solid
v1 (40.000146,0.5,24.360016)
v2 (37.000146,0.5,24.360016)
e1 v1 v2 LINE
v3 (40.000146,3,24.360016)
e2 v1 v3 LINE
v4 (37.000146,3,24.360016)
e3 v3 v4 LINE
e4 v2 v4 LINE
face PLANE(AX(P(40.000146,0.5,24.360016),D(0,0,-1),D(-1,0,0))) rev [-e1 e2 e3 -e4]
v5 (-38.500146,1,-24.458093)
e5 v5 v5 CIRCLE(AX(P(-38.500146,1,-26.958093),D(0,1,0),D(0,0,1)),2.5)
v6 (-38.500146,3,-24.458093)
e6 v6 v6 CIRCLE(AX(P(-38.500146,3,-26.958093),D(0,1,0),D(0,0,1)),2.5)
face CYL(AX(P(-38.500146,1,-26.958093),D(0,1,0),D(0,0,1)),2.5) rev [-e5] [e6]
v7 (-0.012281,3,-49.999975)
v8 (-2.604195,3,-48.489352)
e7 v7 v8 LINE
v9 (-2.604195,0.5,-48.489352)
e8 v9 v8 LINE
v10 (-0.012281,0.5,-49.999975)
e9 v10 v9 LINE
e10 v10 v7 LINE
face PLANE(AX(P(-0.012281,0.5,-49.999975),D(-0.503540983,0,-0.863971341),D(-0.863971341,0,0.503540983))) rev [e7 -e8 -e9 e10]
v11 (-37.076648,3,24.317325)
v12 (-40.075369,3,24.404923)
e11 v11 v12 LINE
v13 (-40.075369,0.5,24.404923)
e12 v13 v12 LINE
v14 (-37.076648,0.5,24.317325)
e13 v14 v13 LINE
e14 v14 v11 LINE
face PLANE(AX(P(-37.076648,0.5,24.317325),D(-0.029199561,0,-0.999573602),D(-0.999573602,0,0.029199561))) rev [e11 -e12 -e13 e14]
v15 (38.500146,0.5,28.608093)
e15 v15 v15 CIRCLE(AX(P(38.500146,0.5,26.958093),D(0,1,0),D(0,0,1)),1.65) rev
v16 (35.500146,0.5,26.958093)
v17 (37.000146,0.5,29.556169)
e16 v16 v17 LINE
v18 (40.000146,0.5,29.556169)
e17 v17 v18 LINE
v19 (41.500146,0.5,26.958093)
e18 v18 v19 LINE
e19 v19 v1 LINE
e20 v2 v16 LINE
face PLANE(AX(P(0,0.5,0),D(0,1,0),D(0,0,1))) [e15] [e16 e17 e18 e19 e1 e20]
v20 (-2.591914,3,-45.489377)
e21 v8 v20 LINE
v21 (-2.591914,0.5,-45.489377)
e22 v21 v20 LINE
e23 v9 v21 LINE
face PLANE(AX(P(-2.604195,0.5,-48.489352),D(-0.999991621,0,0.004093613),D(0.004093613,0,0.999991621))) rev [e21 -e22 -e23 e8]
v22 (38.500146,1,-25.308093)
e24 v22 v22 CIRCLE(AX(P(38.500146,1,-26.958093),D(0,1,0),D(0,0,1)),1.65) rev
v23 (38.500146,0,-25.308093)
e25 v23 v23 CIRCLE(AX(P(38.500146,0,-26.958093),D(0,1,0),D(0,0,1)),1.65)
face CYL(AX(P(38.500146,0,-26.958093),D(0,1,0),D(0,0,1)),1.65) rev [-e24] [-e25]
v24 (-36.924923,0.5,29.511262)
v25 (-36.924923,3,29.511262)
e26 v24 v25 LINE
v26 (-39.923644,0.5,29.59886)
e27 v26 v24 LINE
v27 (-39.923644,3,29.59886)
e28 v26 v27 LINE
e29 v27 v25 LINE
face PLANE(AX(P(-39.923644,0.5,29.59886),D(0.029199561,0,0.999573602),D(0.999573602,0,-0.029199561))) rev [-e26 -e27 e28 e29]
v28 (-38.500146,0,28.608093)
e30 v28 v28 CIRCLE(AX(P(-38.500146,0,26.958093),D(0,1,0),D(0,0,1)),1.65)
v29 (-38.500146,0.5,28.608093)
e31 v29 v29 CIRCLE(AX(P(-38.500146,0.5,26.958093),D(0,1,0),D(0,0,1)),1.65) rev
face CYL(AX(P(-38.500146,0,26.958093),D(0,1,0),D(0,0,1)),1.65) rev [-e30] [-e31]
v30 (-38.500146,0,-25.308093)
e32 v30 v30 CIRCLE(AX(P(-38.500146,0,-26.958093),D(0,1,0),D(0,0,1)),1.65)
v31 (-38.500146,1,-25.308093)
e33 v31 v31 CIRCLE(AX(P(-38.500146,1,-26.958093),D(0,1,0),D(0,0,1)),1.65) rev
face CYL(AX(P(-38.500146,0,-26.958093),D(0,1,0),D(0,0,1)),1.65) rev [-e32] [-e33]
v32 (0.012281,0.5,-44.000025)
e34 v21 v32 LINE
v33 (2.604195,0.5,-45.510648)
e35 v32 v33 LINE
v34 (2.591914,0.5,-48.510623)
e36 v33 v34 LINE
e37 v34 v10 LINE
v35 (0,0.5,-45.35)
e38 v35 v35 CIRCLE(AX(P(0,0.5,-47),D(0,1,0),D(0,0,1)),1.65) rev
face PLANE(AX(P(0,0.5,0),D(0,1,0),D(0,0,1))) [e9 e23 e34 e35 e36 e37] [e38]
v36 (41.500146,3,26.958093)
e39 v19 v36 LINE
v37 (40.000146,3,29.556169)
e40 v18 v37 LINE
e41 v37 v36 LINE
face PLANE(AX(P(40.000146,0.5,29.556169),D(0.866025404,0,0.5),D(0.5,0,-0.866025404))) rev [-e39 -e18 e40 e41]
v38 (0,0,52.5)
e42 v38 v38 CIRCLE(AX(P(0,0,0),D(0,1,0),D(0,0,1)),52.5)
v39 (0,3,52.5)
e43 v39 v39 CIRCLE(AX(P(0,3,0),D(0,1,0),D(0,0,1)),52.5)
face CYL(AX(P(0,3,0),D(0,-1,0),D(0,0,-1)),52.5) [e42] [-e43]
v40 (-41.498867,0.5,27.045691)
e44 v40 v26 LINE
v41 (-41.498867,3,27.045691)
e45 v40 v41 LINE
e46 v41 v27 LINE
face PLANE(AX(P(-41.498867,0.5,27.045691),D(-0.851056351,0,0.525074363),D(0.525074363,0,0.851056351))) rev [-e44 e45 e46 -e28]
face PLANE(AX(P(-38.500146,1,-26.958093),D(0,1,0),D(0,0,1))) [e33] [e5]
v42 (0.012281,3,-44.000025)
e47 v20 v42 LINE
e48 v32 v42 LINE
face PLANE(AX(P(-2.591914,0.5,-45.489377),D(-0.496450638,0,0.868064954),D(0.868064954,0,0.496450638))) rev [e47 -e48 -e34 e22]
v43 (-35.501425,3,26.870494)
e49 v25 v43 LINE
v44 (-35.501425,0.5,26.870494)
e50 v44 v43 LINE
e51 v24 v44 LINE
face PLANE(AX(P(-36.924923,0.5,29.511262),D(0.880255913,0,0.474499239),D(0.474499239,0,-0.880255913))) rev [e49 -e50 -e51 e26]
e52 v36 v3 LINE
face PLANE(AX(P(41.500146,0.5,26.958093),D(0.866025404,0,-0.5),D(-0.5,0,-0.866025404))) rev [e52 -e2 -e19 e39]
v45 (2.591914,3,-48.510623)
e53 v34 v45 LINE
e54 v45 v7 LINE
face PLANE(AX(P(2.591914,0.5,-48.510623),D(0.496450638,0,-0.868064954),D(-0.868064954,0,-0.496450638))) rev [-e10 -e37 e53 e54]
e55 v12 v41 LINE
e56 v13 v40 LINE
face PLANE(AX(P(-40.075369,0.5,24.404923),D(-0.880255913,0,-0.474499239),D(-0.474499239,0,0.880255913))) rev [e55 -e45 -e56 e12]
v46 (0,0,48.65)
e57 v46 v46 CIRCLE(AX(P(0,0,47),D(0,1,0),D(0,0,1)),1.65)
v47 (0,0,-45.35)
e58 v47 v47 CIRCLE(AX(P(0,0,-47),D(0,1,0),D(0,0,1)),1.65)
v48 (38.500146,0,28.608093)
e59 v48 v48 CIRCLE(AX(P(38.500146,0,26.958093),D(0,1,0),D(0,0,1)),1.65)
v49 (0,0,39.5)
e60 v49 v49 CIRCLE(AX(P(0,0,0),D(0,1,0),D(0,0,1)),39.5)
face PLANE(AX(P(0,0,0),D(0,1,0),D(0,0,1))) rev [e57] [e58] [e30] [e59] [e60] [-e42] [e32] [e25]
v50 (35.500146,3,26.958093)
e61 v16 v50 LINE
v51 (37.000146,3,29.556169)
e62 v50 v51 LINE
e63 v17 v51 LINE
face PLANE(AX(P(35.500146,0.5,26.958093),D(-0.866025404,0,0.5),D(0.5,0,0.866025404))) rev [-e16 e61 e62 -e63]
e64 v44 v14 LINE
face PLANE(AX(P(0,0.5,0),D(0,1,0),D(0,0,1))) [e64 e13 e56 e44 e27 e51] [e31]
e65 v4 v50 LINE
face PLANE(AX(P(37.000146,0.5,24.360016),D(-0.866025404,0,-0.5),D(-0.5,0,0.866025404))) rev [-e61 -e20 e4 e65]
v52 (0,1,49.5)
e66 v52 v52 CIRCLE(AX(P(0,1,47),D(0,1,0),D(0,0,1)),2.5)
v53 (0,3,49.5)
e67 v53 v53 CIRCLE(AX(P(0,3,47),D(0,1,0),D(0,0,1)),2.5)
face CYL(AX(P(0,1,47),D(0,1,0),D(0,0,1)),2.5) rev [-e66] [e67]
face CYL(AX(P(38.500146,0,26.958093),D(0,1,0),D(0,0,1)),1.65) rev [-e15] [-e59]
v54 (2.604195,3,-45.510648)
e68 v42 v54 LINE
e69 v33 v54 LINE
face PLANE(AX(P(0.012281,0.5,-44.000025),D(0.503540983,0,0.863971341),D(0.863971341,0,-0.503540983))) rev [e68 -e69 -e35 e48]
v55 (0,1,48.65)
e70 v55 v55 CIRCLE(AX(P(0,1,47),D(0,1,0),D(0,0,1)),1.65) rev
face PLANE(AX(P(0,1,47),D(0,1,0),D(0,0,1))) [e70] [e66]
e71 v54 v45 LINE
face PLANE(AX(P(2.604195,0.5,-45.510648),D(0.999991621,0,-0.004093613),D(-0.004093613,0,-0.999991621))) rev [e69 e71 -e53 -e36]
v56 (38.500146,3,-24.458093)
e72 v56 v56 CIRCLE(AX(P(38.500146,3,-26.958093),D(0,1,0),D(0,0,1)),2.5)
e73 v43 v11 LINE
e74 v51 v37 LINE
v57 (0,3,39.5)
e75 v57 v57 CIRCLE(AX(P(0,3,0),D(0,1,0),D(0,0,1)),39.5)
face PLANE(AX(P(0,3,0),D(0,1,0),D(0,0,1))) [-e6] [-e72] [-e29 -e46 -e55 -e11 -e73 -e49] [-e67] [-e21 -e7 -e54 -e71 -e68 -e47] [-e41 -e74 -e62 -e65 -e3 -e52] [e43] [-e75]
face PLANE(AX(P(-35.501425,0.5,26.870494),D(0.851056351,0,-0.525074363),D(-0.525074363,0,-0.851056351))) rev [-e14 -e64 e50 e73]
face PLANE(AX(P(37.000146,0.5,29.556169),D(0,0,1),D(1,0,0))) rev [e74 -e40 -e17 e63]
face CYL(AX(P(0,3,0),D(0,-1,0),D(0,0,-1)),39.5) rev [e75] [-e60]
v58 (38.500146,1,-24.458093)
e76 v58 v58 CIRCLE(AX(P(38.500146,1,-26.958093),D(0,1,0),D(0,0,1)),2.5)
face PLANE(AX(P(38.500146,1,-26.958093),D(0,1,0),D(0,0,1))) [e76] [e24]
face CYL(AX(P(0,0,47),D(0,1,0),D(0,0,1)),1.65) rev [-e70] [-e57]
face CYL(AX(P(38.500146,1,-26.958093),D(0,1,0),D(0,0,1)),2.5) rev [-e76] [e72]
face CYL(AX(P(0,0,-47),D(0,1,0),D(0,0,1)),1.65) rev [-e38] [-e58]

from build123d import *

# Parameters (mm, degrees)
SKETCH1_R           = 52.5
SKETCH1_R_2         = 39.5
BOSS_EXTRUDE1_DEPTH = 3
SKETCH2_R           = 1.65
CUT_EXTRUDE1_DEPTH  = 75.306796459
SKETCH3_R           = 2.5
CUT_EXTRUDE2_DEPTH  = 2
CUT_EXTRUDE3_DEPTH  = 2.5


with BuildPart() as part:
    # Sketch1 → Boss-Extrude1 (new body)
    with BuildSketch(Plane(origin=(0, 0, 0), x_dir=(1, 0, 0), z_dir=(0, 1, 0))):
        with Locations(Location((0, 0, 0), (0, 0, 270))):
            Circle(SKETCH1_R)
        with Locations(Location((0, 0, 0), (0, 0, 270))):
            Circle(SKETCH1_R_2, mode=Mode.SUBTRACT)
    extrude(amount=BOSS_EXTRUDE1_DEPTH)

    # Sketch2 → Cut-Extrude1 (cut, through all)
    with BuildSketch(Plane(origin=(0, 3, 0), x_dir=(1, 0, 0), z_dir=(0, 1, 0))):
        with Locations(Location((0, 47, 0), (0, 0, 270))):
            Circle(SKETCH2_R)
        with Locations(Location((0, -47, 0), (0, 0, 270))):
            Circle(SKETCH2_R)
        with Locations(Location((-38.500146082, 26.958092508, 0), (0, 0, 270))):
            Circle(SKETCH2_R)
        with Locations(Location((38.500146082, 26.958092508, 0), (0, 0, 270))):
            Circle(SKETCH2_R)
        with Locations(Location((38.500146082, -26.958092508, 0), (0, 0, 270))):
            Circle(SKETCH2_R)
        with Locations(Location((-38.500146082, -26.958092508, 0), (0, 0, 270))):
            Circle(SKETCH2_R)
    extrude(amount=-CUT_EXTRUDE1_DEPTH, mode=Mode.SUBTRACT)

    # Sketch3 → Cut-Extrude2 (cut)
    with BuildSketch(Plane(origin=(0, 3, 0), x_dir=(1, 0, 0), z_dir=(0, 1, 0))):
        with Locations(Location((-38.500146082, 26.958092508, 0), (0, 0, 270))):
            Circle(SKETCH3_R)
        with Locations(Location((38.500146082, 26.958092508, 0), (0, 0, 270))):
            Circle(SKETCH3_R)
        with Locations(Location((0, -47, 0), (0, 0, 270))):
            Circle(SKETCH3_R)
    extrude(amount=-CUT_EXTRUDE2_DEPTH, mode=Mode.SUBTRACT)

    # Sketch4 → Cut-Extrude3 (cut)
    with BuildSketch(Plane(origin=(0, 3, 0), x_dir=(1, 0, 0), z_dir=(0, 1, 0))):
        Polygon((-0.012280839, 49.999974863), (-2.604194862, 48.489351913), (-2.591914023, 45.48937705), (0.012280839, 44.000025137), (2.604194862, 45.510648087), (2.591914023, 48.51062295), align=None)
        Polygon((-40.07536917, -24.404923454), (-41.498866887, -27.045691193), (-39.923643798, -29.598860247), (-36.924922993, -29.511261563), (-35.501425276, -26.870493824), (-37.076648365, -24.31732477), align=None)
        Polygon((35.500146082, -26.958092508), (37.000146082, -29.55616872), (40.000146082, -29.55616872), (41.500146082, -26.958092508), (40.000146082, -24.360016297), (37.000146082, -24.360016297), align=None)
    extrude(amount=-CUT_EXTRUDE3_DEPTH, mode=Mode.SUBTRACT)


solid = part.part
